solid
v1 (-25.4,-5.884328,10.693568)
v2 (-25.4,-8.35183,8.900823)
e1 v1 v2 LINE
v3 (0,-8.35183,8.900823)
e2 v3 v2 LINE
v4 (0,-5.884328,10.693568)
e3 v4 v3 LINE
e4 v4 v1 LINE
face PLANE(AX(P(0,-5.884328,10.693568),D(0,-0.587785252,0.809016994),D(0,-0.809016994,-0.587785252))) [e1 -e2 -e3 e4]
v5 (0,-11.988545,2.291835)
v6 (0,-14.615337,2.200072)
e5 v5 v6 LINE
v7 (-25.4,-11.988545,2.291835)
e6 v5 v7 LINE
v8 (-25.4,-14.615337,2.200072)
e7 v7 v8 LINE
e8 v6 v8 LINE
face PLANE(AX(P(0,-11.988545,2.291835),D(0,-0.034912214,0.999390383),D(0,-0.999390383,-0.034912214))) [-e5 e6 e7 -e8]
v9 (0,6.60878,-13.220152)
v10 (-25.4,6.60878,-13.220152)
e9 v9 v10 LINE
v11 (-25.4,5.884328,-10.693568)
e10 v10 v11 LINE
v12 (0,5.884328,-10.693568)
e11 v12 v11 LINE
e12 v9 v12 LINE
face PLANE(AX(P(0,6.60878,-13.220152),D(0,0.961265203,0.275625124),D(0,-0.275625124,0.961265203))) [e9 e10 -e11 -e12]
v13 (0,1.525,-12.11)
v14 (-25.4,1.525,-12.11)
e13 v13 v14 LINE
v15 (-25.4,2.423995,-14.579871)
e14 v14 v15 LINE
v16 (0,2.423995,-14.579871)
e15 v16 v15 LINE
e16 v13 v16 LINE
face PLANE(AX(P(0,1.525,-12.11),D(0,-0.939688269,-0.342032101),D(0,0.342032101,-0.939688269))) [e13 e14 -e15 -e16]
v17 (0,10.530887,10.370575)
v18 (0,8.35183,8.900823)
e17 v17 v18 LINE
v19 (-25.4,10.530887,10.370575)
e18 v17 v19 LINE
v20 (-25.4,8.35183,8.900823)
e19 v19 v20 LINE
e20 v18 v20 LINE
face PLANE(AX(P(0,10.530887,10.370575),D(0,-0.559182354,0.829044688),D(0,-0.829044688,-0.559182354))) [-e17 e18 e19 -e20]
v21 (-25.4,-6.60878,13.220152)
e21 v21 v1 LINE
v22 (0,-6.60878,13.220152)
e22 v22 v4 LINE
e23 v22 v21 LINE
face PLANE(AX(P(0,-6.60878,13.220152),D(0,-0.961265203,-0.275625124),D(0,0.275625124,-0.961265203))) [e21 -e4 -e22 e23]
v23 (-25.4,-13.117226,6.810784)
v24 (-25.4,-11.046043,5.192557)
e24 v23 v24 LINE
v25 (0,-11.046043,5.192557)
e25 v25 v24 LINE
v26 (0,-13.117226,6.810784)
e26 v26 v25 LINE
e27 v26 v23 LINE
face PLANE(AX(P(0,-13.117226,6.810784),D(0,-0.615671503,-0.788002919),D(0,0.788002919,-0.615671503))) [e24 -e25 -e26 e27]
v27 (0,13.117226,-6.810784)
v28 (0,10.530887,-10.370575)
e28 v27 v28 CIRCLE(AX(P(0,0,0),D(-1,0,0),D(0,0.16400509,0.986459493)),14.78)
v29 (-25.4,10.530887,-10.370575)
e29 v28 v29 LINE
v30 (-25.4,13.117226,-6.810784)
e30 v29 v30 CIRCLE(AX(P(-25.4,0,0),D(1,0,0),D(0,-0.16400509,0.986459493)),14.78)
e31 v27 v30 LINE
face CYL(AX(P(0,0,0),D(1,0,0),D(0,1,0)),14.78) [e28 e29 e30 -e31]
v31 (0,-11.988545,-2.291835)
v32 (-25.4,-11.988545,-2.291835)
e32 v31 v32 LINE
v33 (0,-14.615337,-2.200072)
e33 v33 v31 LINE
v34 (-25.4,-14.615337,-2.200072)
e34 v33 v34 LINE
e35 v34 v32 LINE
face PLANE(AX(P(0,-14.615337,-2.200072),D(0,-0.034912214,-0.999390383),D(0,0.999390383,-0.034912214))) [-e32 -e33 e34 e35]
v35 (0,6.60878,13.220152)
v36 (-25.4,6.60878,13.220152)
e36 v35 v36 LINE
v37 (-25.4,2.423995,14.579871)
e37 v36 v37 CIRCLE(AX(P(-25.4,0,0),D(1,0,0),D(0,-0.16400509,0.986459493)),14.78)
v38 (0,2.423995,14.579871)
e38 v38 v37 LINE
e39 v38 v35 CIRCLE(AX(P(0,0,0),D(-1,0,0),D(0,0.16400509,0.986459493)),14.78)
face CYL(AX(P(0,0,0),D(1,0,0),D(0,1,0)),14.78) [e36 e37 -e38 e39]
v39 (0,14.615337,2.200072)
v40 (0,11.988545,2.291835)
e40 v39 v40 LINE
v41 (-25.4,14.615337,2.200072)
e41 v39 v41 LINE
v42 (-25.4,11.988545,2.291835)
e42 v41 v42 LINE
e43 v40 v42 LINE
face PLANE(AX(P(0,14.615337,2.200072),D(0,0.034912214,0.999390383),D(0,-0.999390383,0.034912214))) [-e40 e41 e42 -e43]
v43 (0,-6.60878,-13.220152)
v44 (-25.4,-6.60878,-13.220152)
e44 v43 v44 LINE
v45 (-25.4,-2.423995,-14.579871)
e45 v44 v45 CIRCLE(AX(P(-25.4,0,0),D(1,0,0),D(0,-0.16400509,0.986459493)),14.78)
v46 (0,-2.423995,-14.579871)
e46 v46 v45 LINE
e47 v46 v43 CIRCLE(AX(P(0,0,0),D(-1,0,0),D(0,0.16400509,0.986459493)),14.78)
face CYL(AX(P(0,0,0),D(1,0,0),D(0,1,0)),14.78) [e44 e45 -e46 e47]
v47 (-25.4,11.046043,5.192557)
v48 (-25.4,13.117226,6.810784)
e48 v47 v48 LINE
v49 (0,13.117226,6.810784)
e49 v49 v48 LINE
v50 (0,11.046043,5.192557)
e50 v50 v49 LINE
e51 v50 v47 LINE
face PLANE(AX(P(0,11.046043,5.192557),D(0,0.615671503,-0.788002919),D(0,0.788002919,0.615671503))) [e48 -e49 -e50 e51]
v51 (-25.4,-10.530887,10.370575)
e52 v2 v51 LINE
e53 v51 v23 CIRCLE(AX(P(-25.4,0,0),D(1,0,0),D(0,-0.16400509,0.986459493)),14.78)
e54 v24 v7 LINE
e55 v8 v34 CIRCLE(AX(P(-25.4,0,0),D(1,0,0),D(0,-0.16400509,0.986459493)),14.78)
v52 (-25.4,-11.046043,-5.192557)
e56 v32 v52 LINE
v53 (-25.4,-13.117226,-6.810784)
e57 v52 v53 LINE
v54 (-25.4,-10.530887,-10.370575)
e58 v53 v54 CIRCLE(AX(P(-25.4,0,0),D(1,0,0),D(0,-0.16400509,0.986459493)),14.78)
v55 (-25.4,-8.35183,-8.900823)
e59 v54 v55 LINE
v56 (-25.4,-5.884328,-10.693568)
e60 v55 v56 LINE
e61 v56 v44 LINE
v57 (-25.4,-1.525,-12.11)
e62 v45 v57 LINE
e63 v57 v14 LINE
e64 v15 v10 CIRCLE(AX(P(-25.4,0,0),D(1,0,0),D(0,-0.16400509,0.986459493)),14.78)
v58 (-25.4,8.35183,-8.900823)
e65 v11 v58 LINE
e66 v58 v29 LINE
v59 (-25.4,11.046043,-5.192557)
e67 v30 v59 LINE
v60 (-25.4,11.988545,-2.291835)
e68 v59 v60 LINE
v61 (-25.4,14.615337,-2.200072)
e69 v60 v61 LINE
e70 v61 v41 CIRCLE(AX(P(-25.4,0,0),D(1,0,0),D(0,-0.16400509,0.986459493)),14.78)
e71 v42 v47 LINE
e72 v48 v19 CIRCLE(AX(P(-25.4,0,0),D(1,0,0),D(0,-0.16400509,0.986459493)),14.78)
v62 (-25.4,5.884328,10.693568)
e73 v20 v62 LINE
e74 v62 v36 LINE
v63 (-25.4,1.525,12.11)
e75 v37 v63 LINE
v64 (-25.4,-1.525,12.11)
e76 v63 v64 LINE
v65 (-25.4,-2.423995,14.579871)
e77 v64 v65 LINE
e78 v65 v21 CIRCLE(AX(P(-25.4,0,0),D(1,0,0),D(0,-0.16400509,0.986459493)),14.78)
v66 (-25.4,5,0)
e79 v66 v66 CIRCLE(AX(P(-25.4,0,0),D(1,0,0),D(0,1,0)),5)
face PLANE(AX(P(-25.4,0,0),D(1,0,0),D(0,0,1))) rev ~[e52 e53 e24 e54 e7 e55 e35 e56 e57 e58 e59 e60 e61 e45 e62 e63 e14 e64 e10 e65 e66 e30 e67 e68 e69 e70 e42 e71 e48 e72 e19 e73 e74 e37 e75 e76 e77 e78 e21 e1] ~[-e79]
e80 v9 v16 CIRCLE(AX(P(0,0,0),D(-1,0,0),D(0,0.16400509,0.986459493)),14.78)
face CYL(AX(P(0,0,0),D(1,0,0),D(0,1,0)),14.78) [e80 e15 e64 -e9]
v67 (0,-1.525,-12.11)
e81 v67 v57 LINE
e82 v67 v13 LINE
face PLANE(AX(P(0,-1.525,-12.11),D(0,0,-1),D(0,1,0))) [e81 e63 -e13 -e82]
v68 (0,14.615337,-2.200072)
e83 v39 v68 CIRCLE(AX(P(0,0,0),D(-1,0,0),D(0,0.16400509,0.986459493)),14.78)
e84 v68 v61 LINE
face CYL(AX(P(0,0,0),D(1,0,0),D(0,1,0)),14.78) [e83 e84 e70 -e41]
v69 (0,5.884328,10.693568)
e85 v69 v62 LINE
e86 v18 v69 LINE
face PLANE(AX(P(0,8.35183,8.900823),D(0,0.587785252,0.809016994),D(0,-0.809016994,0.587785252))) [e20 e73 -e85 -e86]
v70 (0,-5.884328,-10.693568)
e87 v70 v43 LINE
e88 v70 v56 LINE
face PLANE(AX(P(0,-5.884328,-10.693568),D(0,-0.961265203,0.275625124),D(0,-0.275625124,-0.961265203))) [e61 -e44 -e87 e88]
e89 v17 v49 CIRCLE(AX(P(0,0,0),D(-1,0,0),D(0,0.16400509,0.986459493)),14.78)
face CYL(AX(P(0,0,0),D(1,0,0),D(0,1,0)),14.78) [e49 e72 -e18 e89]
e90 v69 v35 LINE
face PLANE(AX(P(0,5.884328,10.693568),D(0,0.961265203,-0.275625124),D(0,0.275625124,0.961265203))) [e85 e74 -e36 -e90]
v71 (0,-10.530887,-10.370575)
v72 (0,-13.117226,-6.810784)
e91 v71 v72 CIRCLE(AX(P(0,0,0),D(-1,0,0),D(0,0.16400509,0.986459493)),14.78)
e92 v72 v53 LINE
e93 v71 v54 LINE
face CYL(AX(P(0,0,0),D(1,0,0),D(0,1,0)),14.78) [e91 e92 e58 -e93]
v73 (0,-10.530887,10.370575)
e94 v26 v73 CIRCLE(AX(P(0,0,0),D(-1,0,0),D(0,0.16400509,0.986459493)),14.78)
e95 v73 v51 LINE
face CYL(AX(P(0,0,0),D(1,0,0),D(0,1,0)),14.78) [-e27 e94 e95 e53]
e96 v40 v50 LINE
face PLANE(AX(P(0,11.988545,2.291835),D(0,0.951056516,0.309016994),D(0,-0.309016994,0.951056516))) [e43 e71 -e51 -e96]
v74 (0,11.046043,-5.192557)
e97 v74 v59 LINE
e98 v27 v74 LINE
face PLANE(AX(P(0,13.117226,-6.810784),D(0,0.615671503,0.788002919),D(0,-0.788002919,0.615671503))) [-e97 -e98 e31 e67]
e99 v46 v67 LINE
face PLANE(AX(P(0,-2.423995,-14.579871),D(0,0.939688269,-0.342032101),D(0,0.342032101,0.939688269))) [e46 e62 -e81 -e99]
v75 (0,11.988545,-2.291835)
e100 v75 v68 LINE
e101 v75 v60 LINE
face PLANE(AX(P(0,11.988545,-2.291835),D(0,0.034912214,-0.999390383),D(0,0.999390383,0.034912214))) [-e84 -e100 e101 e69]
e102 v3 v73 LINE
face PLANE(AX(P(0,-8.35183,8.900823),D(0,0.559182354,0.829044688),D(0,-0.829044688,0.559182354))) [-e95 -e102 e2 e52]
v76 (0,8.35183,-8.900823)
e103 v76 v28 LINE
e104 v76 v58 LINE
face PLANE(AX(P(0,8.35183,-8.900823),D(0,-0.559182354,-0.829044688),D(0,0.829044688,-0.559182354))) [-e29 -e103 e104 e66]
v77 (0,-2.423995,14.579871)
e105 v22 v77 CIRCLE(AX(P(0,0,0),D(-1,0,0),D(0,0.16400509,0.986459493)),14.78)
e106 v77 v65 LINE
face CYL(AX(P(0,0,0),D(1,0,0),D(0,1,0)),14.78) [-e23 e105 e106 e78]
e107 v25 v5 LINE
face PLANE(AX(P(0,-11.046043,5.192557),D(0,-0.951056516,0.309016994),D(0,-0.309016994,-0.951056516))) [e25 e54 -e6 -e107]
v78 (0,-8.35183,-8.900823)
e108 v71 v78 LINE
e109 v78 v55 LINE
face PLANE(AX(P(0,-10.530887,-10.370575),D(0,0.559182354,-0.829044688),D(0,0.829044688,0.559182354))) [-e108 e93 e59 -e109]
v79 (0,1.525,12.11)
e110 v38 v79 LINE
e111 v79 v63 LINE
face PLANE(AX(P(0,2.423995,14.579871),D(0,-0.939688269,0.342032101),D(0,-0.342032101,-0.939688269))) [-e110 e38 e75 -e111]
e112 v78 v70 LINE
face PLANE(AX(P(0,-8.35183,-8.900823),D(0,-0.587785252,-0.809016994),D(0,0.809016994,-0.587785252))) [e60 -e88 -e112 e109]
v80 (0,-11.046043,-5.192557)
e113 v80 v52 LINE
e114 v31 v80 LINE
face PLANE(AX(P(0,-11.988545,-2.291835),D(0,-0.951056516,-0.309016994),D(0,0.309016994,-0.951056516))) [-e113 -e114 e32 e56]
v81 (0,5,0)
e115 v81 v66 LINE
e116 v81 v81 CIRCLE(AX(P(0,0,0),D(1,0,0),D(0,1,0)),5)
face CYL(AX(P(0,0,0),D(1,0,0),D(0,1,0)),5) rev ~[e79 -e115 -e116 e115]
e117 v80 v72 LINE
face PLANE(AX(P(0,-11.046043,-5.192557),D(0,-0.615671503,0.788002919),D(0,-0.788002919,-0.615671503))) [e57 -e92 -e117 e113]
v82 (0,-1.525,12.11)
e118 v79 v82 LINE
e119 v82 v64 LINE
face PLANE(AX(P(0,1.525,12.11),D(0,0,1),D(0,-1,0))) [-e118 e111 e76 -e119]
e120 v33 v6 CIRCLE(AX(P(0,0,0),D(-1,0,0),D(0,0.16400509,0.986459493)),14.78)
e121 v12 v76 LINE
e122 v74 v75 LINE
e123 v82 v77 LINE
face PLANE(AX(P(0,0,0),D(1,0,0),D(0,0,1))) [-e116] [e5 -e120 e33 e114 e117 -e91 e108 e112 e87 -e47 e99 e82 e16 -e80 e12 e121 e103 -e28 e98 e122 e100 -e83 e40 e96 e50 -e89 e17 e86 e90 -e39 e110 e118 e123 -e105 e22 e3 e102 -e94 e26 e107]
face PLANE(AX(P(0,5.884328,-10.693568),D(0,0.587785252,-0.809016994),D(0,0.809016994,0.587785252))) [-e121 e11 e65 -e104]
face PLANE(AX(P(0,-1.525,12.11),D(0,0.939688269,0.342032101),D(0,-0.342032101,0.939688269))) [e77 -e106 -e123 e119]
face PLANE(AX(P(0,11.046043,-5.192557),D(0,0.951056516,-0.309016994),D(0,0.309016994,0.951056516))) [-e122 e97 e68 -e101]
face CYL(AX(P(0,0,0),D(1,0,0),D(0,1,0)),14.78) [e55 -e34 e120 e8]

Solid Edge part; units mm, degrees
sketch "Sketch1" plane through (0, 0, 0) normal (1, 0, 0) x (0, 1, 0)
  circle A0 centre (0, 0) radius 14.78
  dimension "D1" = 29.56
extrude "Protrusion1" add sketch "Sketch1" against normal blind 25.4
sketch "Sketch2" plane through (0, 0, 0) normal (1, 0, 0) x (0, 1, 0)
  circle A0 centre (0, 0) radius 5
  dimension "D1" = 10
extrude "Cutout1" cut sketch "Sketch2" against normal up to next
sketch "Sketch3" plane through (0, 0, 0) normal (1, 0, 0) x (0, 1, 0)
  line L0 (2.424, 14.5799) -> (1.525, 12.11)
  line L1 (1.525, 12.11) -> (-1.525, 12.11)
  line L2 (-1.525, 12.11) -> (-2.424, 14.5799)
  arc A0 (2.424, 14.5799) -> (-2.424, 14.5799) centre (0, 0) ccw
extrude "Cutout2" cut sketch "Sketch3" against normal blind 14000
pattern_circular "Pattern1" count 10 over 360 about axis through (0, 0, 0) along (1, 0, 0) of "Cutout2"
properties material "Steel"
